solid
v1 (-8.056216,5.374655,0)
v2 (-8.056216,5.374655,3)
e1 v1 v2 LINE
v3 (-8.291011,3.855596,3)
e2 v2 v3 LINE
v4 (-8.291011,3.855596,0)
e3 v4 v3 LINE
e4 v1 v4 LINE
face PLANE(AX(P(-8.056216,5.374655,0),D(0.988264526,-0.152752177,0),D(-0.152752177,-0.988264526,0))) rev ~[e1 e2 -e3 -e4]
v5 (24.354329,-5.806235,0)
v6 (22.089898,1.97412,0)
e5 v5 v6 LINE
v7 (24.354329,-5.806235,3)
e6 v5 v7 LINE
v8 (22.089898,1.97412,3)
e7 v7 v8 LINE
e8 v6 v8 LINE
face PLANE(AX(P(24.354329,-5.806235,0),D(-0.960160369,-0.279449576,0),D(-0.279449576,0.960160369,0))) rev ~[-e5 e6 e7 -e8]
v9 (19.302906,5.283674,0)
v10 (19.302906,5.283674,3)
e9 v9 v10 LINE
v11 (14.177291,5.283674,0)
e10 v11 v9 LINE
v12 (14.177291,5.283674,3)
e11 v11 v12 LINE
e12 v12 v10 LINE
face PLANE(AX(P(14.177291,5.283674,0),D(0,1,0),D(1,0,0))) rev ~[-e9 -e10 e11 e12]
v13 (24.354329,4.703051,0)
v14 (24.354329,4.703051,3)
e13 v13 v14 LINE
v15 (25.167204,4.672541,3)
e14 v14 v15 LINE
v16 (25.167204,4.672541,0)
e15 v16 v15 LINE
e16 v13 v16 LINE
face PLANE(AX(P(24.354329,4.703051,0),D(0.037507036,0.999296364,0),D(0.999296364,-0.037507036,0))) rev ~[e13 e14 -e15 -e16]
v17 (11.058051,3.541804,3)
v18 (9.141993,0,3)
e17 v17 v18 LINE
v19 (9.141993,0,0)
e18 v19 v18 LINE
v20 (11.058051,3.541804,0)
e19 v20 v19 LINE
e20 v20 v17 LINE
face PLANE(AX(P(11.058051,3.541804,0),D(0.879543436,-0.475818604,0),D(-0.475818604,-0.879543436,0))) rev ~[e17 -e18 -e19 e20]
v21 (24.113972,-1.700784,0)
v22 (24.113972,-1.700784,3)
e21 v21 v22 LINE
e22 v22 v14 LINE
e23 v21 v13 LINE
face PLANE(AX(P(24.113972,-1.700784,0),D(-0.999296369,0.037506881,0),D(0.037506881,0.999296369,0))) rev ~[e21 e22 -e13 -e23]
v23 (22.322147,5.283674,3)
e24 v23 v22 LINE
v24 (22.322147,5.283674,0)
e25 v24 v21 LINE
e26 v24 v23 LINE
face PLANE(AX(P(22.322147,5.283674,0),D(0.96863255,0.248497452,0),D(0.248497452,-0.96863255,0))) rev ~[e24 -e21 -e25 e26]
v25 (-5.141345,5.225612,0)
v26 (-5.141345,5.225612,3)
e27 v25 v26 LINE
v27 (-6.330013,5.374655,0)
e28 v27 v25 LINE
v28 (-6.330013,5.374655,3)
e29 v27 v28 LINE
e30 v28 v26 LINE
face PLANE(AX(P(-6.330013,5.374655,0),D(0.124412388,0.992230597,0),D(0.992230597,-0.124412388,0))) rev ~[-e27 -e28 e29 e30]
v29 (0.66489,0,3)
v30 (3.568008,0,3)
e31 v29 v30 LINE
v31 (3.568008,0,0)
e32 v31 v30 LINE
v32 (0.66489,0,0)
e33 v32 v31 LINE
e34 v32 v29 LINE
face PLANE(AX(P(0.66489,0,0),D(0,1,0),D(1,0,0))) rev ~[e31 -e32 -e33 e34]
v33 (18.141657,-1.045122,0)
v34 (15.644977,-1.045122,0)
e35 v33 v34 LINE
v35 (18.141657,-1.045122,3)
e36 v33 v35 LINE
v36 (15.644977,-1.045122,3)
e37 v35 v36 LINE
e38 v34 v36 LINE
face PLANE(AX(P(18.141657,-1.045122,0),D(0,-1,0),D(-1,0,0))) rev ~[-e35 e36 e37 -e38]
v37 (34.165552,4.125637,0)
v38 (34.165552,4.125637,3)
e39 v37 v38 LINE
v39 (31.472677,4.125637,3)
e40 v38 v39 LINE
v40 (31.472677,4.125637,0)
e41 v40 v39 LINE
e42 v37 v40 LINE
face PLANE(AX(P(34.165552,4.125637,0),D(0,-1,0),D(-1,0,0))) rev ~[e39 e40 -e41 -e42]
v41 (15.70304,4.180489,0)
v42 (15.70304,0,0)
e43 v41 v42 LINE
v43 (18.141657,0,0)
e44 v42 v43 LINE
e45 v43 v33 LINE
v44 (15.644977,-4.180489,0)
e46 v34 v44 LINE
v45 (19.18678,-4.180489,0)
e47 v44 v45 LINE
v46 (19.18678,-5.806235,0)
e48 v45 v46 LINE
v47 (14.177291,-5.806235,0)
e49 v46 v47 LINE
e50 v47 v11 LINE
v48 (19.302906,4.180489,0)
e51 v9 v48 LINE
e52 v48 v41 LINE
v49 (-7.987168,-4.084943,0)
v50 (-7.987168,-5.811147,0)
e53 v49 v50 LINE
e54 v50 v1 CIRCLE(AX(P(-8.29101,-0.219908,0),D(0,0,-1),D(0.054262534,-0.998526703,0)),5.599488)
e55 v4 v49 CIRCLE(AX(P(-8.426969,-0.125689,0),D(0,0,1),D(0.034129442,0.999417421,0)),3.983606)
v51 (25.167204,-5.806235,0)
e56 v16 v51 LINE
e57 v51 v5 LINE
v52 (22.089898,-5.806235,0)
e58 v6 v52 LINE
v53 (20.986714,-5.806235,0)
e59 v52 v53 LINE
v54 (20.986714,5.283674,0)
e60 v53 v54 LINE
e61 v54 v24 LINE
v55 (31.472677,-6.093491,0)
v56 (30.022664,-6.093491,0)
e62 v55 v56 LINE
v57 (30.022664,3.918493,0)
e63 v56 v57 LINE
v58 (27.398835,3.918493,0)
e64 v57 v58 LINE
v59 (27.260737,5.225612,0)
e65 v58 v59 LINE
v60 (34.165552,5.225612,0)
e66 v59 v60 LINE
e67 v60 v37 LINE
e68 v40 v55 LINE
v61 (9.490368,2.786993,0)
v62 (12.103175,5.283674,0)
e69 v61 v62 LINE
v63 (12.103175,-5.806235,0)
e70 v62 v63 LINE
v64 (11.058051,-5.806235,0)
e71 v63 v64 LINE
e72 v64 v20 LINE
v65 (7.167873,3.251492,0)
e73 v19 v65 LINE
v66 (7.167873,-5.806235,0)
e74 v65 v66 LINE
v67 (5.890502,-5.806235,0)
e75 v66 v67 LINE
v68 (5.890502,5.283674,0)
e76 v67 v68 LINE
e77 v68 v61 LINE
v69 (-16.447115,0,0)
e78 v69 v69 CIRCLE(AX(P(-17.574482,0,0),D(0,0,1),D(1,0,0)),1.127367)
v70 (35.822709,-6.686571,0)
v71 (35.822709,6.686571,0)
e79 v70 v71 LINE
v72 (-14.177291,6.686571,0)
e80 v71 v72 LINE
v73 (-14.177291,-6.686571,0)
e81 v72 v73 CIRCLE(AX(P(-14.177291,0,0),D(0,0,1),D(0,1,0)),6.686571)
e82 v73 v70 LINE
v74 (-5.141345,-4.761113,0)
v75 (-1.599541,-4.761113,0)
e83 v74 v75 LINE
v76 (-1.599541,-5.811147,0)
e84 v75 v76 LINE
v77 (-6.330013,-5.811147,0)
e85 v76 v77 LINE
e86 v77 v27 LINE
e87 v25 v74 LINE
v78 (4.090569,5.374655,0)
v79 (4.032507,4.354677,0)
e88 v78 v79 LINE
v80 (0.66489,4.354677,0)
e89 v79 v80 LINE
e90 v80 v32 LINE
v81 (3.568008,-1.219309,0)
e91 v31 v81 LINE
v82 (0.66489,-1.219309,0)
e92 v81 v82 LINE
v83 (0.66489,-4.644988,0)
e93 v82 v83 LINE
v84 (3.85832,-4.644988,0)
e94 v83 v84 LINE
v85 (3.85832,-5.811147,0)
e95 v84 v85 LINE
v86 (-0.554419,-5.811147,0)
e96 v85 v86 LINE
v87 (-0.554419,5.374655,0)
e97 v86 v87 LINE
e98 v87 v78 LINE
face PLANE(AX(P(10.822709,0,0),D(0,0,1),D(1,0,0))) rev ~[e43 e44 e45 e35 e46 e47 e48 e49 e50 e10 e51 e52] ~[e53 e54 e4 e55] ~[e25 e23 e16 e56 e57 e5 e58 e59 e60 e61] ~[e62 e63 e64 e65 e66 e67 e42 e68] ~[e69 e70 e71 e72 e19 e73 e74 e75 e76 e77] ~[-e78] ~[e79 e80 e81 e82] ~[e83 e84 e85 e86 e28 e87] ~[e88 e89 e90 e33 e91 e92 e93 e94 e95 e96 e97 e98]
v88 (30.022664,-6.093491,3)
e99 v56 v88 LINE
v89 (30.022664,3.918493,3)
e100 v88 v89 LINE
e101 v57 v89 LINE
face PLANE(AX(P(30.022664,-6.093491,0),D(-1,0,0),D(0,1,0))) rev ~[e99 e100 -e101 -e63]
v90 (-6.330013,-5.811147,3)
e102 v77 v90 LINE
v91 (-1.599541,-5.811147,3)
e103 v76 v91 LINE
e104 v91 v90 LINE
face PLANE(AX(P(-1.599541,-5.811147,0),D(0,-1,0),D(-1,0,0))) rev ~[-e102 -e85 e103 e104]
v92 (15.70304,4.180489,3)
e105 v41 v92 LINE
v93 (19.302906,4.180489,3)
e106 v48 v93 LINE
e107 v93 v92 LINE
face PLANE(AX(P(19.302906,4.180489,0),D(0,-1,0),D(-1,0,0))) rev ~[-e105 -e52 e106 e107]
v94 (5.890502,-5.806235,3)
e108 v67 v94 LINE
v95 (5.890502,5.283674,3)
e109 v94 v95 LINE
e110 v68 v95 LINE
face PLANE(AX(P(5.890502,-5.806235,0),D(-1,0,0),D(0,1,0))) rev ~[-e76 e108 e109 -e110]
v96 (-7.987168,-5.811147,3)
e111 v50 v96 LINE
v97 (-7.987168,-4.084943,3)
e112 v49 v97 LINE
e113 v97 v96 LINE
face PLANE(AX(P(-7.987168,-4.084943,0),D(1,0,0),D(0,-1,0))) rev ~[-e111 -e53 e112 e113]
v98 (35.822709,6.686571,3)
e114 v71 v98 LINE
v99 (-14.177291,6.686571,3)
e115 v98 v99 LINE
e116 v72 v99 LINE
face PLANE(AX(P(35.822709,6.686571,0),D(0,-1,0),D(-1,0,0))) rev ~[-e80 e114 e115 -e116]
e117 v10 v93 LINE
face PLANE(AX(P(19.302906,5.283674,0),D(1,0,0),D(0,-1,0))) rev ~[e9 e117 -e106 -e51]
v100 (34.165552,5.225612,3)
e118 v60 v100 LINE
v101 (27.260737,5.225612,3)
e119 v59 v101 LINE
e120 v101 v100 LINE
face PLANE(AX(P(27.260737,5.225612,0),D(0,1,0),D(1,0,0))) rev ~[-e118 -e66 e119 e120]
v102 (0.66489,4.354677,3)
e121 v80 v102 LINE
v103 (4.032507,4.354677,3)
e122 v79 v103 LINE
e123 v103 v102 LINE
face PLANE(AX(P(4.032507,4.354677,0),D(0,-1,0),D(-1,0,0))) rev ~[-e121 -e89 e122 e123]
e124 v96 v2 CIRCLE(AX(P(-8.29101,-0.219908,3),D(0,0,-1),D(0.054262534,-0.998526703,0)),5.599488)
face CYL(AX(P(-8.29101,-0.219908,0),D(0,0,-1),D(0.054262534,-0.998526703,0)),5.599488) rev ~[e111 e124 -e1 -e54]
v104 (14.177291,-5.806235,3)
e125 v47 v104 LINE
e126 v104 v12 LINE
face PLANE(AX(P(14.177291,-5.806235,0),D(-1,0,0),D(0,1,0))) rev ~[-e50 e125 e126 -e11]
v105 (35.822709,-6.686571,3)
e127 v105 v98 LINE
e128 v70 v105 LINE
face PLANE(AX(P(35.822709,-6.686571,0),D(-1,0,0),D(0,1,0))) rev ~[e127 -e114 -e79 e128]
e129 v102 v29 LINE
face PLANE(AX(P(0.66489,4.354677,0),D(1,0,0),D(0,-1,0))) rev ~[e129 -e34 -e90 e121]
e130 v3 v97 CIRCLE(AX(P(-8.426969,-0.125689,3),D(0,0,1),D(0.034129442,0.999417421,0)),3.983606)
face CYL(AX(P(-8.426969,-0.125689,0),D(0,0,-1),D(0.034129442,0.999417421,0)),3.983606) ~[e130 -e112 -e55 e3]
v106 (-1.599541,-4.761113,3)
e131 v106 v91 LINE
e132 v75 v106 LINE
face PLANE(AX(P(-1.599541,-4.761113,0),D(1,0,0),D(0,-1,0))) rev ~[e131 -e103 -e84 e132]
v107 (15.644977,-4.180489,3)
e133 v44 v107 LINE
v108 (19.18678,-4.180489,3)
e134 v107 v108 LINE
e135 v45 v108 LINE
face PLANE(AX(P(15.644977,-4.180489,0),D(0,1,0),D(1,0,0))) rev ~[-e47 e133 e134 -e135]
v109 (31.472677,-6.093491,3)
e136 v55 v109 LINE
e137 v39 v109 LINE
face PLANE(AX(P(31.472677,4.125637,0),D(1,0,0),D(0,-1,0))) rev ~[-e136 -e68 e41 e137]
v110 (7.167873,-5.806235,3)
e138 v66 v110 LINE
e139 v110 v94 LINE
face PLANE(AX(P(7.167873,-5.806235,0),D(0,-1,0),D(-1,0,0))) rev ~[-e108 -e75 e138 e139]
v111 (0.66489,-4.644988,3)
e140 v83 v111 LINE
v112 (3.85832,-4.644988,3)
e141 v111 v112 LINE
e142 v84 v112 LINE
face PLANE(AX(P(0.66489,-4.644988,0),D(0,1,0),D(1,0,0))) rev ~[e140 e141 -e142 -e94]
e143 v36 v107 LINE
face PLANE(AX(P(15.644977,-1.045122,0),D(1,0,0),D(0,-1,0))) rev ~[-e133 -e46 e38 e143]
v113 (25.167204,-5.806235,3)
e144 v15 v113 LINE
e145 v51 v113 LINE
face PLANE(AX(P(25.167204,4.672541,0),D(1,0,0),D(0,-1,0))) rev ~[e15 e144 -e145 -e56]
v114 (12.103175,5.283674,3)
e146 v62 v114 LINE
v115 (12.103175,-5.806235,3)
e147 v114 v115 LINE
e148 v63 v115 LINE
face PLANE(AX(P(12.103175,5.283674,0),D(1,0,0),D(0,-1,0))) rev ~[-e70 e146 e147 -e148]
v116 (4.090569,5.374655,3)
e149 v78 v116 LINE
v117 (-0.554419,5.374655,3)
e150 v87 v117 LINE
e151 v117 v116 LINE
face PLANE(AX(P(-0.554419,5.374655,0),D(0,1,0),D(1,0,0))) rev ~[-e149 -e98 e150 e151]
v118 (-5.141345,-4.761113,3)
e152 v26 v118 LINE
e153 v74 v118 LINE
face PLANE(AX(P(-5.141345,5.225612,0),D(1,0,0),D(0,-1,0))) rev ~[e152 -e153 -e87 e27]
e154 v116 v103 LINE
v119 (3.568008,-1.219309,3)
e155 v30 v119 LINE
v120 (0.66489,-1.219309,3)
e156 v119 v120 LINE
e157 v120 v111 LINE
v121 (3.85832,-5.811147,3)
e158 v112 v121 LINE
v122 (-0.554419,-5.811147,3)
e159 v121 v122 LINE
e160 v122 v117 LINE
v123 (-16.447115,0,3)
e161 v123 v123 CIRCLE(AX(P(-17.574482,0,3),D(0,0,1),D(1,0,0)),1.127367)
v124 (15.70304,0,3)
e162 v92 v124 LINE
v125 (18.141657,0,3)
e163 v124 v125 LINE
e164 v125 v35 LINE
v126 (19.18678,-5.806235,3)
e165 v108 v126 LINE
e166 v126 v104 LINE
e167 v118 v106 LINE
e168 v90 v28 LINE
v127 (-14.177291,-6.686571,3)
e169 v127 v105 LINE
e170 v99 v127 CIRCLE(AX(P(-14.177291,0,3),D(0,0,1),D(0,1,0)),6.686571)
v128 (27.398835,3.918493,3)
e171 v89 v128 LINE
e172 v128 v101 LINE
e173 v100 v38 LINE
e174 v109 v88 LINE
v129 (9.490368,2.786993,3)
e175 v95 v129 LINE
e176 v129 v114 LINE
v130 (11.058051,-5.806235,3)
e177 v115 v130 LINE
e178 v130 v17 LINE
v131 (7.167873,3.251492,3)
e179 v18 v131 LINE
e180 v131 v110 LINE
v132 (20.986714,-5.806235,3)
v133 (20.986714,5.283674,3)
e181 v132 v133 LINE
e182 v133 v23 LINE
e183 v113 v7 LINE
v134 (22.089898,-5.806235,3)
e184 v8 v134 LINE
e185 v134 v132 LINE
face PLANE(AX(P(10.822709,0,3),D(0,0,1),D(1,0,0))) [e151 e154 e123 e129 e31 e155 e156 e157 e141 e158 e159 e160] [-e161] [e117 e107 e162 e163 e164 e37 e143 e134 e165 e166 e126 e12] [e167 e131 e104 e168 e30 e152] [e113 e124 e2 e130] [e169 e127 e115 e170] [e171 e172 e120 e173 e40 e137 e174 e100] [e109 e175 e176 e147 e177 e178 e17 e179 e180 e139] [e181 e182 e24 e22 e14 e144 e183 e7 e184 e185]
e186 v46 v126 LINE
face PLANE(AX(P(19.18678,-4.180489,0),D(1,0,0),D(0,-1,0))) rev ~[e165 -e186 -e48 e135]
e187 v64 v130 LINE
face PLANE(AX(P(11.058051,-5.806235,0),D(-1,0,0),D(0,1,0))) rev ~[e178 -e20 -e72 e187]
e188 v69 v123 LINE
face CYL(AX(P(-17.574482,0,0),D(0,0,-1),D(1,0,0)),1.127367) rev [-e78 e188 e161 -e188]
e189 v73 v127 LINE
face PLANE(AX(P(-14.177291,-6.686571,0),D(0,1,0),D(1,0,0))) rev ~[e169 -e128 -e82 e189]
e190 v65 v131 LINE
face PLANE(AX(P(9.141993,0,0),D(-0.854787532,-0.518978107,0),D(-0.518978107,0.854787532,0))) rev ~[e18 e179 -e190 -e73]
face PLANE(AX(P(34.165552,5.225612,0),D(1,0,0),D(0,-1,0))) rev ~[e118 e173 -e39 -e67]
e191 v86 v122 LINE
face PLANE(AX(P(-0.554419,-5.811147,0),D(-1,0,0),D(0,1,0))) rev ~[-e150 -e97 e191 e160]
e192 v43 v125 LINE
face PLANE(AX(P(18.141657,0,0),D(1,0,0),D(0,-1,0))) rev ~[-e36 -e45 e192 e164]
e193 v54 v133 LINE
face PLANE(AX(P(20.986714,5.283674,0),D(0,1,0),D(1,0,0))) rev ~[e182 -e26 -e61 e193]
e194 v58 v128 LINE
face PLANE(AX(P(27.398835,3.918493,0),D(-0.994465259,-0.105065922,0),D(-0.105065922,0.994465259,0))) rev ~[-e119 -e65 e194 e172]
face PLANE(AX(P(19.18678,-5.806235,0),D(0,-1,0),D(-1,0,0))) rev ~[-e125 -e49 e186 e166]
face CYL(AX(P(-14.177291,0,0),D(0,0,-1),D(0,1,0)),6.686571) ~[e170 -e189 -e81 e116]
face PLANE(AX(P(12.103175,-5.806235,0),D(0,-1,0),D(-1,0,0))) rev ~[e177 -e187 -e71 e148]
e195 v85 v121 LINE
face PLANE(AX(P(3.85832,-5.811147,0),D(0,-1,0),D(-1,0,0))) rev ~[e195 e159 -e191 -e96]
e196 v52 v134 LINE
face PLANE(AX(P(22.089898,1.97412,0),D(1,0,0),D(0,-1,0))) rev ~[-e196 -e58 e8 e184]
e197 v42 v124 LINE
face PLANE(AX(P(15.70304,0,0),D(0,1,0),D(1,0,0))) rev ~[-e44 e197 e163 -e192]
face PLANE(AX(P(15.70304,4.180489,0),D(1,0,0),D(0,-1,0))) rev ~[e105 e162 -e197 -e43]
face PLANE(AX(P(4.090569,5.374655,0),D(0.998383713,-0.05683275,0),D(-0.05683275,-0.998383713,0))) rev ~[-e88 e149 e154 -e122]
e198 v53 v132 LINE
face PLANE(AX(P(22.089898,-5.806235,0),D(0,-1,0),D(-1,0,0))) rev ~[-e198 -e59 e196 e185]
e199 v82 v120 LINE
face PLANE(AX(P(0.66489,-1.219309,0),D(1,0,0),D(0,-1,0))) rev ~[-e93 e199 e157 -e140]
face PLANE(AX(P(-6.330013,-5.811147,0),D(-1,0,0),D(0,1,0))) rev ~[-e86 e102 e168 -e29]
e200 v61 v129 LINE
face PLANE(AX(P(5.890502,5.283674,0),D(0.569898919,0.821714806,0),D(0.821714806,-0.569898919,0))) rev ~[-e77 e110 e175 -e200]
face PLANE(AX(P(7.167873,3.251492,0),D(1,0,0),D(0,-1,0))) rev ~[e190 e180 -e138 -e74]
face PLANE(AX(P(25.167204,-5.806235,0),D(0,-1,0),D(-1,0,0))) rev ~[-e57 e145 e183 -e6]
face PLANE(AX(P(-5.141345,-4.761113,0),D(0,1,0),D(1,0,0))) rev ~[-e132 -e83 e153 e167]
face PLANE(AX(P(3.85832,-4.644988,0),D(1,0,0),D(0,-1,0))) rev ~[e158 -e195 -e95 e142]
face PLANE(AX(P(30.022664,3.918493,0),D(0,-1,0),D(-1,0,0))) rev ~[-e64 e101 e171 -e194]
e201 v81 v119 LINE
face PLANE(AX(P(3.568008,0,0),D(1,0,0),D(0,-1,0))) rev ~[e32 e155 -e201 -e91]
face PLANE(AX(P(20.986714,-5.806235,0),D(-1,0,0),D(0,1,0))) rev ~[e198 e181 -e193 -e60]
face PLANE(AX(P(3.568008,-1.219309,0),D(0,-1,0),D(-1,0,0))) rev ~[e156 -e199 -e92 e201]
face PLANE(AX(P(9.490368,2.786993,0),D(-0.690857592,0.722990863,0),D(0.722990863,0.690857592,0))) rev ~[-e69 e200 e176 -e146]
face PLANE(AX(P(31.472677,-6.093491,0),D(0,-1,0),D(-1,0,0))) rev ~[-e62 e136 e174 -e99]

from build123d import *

# Parameters (mm, degrees)
F0_R     = 1.127367
F1_DEPTH = 3


with BuildPart() as f1:
    # F0 (on Top) → F1 (new body)
    with BuildSketch(Plane.XY):
        Polygon((35.822709, 6.686571), (14.177291, 6.686571), (-14.177291, 6.686571), (-14.177291, -6.686571), (14.177291, -6.686571), (35.822709, -6.686571), align=None)
        with BuildLine():
            ThreePointArc((-7.987168, -5.811147), (-13.890392, -0.254472), (-8.056216, 5.374655))
            Line((-8.056216, 5.374655), (-8.291011, 3.855596))
            ThreePointArc((-8.291011, 3.855596), (-12.407662, -0.278009), (-7.987168, -4.084943))
            Line((-7.987168, -4.084943), (-7.987168, -5.811147))
        make_face(mode=Mode.SUBTRACT)
        Polygon((-6.330013, -5.811147), (-6.330013, 5.374655), (-5.141345, 5.225612), (-5.141345, -4.761113), (-1.599541, -4.761113), (-1.599541, -5.811147), align=None, mode=Mode.SUBTRACT)
        Polygon((-0.554419, -5.811147), (-0.554419, 5.374655), (4.090569, 5.374655), (4.032507, 4.354677), (0.66489, 4.354677), (0.66489, 0), (3.568008, 0), (3.568008, -1.219309), (0.66489, -1.219309), (0.66489, -4.644988), (3.85832, -4.644988), (3.85832, -5.811147), align=None, mode=Mode.SUBTRACT)
        Polygon((5.890502, -5.806235), (5.890502, 5.283674), (9.490368, 2.786993), (12.103175, 5.283674), (12.103175, -5.806235), (11.058051, -5.806235), (11.058051, 3.541804), (9.141993, 0), (7.167873, 3.251492), (7.167873, -5.806235), align=None, mode=Mode.SUBTRACT)
        Polygon((14.177291, -5.806235), (14.177291, 5.283674), (19.302906, 5.283674), (19.302906, 4.180489), (15.70304, 4.180489), (15.70304, 0), (18.141657, 0), (18.141657, -1.045122), (15.644977, -1.045122), (15.644977, -4.180489), (19.18678, -4.180489), (19.18678, -5.806235), align=None, mode=Mode.SUBTRACT)
        Polygon((22.089898, -5.806235), (20.986714, -5.806235), (20.986714, 5.283674), (22.322147, 5.283674), (24.113972, -1.700784), (24.354329, 4.703051), (25.167204, 4.672541), (25.167204, -5.806235), (24.354329, -5.806235), (22.089898, 1.97412), align=None, mode=Mode.SUBTRACT)
        Polygon((27.398835, 3.918493), (27.260737, 5.225612), (34.165552, 5.225612), (34.165552, 4.125637), (31.472677, 4.125637), (31.472677, -6.093491), (30.022664, -6.093491), (30.022664, 3.918493), align=None, mode=Mode.SUBTRACT)
        with BuildLine():
            Line((-14.177291, -6.686571), (-14.177291, 6.686571))
            ThreePointArc((-14.177291, 6.686571), (-20.863862, 0), (-14.177291, -6.686571))
        make_face()
        with Locations((-17.574482, 0)):
            Circle(F0_R, mode=Mode.SUBTRACT)
    extrude(amount=F1_DEPTH)


solid = f1.part
